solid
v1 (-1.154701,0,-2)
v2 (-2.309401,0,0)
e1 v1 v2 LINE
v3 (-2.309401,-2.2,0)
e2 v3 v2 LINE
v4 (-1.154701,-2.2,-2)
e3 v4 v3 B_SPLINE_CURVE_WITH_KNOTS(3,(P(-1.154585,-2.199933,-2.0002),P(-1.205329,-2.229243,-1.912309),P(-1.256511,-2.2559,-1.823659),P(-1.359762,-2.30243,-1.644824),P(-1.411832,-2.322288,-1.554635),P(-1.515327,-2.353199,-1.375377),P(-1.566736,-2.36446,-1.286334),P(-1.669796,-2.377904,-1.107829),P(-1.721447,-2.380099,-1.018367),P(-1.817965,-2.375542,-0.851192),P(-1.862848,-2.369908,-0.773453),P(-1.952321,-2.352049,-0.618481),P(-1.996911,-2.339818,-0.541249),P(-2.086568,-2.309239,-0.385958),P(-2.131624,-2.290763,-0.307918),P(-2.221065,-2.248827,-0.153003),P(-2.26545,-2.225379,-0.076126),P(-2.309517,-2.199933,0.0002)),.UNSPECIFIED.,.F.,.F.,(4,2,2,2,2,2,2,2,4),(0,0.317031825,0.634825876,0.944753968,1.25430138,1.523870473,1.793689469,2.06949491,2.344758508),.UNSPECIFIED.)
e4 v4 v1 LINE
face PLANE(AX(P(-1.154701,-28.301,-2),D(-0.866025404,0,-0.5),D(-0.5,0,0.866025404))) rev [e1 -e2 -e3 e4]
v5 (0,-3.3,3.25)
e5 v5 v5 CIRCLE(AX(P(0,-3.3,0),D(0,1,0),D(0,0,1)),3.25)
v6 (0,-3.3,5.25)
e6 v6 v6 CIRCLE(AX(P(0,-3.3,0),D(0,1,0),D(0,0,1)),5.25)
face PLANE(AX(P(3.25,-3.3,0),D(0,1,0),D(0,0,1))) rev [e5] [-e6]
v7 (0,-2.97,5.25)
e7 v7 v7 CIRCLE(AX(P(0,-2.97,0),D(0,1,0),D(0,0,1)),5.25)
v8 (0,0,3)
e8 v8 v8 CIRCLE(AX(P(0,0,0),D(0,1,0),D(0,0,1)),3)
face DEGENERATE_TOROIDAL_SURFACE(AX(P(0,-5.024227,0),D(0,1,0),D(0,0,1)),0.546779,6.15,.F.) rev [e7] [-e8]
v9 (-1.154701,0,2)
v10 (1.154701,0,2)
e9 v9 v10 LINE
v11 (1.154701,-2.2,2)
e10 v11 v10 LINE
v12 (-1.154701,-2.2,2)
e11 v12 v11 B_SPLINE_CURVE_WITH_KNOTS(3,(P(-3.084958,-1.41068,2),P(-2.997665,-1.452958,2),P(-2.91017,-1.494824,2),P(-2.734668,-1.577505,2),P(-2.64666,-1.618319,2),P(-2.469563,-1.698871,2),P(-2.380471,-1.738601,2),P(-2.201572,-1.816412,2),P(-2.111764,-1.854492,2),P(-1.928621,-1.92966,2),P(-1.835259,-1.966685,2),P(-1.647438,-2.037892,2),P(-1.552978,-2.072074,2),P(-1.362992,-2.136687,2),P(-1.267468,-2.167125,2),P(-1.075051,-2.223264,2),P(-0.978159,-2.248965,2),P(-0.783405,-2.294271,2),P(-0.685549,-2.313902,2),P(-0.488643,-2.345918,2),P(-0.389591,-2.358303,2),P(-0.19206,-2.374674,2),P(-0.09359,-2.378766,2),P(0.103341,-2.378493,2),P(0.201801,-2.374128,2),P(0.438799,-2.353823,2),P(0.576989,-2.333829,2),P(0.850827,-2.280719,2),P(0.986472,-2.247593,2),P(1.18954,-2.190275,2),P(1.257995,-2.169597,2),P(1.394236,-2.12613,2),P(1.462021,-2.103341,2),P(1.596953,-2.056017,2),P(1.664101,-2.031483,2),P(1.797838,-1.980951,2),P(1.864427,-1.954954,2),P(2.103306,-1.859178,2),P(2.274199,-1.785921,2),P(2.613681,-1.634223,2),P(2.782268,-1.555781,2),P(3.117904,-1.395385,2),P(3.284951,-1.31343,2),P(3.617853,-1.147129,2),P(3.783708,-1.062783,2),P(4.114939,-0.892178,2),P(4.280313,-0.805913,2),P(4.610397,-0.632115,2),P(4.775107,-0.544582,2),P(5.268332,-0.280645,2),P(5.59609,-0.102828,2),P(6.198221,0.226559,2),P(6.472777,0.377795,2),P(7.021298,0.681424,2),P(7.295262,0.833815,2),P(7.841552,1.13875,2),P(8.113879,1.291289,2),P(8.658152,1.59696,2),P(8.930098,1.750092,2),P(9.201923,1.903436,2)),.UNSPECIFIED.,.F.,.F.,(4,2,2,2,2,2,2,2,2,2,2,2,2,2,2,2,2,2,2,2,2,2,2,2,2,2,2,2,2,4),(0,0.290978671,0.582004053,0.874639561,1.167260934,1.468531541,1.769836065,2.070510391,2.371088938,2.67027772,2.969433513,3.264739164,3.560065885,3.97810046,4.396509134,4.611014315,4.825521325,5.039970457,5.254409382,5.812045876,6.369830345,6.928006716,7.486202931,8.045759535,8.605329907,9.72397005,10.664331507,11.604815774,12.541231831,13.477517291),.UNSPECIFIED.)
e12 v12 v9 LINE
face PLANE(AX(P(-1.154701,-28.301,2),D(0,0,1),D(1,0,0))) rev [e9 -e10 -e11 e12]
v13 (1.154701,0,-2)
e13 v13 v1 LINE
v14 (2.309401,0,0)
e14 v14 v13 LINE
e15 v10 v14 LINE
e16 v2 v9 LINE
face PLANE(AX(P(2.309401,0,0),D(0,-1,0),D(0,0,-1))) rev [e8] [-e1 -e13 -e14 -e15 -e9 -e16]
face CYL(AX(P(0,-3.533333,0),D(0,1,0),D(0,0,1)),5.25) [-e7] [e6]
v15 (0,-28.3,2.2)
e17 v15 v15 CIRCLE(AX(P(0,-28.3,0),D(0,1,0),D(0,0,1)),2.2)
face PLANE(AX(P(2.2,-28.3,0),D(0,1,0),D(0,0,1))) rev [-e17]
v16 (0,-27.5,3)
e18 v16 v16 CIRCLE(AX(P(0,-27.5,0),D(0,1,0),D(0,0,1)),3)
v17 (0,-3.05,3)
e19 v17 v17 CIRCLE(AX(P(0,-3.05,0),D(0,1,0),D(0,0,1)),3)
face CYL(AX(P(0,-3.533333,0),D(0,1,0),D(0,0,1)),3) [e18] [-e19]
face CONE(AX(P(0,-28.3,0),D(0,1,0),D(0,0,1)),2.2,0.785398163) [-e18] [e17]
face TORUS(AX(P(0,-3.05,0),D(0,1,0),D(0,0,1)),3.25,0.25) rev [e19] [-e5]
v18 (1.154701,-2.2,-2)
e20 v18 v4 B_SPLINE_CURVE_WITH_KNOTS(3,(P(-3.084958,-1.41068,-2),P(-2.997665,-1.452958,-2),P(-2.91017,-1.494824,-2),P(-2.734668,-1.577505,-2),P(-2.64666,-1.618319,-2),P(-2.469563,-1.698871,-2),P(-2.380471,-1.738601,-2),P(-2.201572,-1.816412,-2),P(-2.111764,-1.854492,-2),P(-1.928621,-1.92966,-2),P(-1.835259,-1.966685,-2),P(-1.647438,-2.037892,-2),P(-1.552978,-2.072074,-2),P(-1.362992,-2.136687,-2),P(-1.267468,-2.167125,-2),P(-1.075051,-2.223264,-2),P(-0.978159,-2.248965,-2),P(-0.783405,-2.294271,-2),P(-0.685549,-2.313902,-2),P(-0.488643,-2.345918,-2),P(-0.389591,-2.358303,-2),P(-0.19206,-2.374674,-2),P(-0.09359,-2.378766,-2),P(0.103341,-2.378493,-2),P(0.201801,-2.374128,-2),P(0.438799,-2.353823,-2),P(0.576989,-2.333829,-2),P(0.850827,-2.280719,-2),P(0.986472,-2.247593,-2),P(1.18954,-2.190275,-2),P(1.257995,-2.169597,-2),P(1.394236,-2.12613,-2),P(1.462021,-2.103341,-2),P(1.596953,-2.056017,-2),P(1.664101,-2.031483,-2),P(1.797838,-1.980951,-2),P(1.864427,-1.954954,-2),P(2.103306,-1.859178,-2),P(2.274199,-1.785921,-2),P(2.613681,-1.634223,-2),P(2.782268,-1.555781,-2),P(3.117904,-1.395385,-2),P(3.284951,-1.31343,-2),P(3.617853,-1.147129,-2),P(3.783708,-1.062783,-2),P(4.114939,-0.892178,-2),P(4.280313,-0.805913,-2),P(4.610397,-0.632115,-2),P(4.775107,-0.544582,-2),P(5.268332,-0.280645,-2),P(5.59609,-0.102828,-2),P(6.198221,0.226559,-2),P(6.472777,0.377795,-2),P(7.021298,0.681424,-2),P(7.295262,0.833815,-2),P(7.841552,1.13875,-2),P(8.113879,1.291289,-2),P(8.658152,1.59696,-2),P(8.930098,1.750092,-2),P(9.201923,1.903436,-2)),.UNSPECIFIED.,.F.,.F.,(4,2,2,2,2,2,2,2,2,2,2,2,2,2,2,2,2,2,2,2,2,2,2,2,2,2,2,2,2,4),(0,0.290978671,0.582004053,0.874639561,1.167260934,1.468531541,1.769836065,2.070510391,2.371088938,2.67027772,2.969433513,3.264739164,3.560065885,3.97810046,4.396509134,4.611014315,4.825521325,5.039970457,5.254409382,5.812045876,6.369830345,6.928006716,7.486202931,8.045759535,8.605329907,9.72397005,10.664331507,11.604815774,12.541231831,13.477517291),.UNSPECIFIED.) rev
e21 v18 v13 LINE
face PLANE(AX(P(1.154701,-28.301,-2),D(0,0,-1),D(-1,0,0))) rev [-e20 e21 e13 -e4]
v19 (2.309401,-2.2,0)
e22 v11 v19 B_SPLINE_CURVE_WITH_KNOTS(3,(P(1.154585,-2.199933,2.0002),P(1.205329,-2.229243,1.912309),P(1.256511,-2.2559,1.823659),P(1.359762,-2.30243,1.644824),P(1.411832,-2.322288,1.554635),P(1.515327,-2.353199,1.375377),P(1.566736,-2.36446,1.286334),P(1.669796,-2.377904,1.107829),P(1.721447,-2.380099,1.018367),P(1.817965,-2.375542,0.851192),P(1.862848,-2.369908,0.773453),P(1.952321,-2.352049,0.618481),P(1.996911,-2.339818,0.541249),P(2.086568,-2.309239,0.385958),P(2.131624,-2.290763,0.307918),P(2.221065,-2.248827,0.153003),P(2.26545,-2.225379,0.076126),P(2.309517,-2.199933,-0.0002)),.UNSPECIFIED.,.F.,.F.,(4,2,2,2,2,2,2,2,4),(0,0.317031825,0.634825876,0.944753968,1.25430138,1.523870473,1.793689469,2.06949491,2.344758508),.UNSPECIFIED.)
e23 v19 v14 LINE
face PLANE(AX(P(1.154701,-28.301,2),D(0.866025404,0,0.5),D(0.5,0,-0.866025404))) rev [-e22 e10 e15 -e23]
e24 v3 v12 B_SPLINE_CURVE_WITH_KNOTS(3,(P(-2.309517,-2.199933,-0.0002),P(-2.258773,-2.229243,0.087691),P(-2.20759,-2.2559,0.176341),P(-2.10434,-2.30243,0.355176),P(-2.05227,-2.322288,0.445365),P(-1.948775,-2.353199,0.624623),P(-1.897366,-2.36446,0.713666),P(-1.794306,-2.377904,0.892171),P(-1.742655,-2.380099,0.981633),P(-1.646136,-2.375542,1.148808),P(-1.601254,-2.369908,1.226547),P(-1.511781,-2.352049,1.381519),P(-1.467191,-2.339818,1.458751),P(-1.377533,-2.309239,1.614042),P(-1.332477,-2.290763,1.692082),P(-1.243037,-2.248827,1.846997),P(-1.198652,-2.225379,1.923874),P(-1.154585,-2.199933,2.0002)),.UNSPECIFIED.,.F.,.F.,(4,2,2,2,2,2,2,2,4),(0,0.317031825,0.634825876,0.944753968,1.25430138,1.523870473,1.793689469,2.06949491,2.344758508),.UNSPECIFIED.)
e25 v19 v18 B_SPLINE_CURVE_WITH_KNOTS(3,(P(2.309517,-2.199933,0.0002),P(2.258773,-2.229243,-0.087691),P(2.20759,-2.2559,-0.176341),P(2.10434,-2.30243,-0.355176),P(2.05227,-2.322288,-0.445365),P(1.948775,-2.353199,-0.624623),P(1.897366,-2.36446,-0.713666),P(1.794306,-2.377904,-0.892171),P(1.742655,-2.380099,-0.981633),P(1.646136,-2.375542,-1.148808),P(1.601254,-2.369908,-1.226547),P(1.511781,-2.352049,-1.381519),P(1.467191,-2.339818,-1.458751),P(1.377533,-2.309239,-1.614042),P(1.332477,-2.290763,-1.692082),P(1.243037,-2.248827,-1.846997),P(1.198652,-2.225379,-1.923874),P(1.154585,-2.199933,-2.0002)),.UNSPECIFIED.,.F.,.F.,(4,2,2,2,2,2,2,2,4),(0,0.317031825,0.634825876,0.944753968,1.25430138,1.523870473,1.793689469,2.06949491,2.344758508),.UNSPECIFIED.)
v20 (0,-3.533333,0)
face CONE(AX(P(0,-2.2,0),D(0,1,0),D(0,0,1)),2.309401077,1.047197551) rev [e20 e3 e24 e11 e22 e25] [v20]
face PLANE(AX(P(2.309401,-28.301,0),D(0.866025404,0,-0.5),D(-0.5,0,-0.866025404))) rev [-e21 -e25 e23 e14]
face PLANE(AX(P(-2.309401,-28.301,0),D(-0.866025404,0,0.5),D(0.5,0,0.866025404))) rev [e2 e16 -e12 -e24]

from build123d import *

# Parameters (mm, degrees)
Y_KSEKLIK_EKSTR_ZYON1_START = -2.378633
IZIM2_R                     = 3
Y_KSEKLIK_EKSTR_ZYON1_DEPTH = 2.378633


with BuildPart() as part:
    # Çizim1 → Döndür1 (revolve)
    with BuildSketch(Plane.XY):
        with BuildLine():
            Line((2.309401077, 0), (3, 0))
            ThreePointArc((3, 0), (4.355337259, -1.310502077), (5.25, -2.97))
            Line((5.25, -2.97), (5.25, -3.3))
            Line((5.25, -3.3), (3.25, -3.3))
            ThreePointArc((3.25, -3.3), (3.426776695, -2.873223305), (3, -3.05))
            Line((3, -3.05), (3, -27.5))
            Line((3, -27.5), (2.2, -28.3))
            Line((2.2, -28.3), (0, -28.3))
            Line((0, -28.3), (0, -3.533333333))
            Line((0, -3.533333333), (2.309401077, -2.2))
            Line((2.309401077, -2.2), (2.309401077, 0))
        make_face()
    revolve(axis=Axis((0, -3.533333333, 0), (0, -1, 0)))

    # Çizim2 → Yükseklik-Ekstrüzyon1 (add)
    with BuildSketch(Plane(origin=(0, 0, 0), x_dir=(1, 0, 0), z_dir=(0, 1, 0)).offset(Y_KSEKLIK_EKSTR_ZYON1_START)):
        Circle(IZIM2_R)
        Polygon((2.309401077, 0), (1.154700538, 2), (-1.154700538, 2), (-2.309401077, 0), (-1.154700538, -2), (1.154700538, -2), align=None, mode=Mode.SUBTRACT)
    extrude(amount=Y_KSEKLIK_EKSTR_ZYON1_DEPTH)


solid = part.part
